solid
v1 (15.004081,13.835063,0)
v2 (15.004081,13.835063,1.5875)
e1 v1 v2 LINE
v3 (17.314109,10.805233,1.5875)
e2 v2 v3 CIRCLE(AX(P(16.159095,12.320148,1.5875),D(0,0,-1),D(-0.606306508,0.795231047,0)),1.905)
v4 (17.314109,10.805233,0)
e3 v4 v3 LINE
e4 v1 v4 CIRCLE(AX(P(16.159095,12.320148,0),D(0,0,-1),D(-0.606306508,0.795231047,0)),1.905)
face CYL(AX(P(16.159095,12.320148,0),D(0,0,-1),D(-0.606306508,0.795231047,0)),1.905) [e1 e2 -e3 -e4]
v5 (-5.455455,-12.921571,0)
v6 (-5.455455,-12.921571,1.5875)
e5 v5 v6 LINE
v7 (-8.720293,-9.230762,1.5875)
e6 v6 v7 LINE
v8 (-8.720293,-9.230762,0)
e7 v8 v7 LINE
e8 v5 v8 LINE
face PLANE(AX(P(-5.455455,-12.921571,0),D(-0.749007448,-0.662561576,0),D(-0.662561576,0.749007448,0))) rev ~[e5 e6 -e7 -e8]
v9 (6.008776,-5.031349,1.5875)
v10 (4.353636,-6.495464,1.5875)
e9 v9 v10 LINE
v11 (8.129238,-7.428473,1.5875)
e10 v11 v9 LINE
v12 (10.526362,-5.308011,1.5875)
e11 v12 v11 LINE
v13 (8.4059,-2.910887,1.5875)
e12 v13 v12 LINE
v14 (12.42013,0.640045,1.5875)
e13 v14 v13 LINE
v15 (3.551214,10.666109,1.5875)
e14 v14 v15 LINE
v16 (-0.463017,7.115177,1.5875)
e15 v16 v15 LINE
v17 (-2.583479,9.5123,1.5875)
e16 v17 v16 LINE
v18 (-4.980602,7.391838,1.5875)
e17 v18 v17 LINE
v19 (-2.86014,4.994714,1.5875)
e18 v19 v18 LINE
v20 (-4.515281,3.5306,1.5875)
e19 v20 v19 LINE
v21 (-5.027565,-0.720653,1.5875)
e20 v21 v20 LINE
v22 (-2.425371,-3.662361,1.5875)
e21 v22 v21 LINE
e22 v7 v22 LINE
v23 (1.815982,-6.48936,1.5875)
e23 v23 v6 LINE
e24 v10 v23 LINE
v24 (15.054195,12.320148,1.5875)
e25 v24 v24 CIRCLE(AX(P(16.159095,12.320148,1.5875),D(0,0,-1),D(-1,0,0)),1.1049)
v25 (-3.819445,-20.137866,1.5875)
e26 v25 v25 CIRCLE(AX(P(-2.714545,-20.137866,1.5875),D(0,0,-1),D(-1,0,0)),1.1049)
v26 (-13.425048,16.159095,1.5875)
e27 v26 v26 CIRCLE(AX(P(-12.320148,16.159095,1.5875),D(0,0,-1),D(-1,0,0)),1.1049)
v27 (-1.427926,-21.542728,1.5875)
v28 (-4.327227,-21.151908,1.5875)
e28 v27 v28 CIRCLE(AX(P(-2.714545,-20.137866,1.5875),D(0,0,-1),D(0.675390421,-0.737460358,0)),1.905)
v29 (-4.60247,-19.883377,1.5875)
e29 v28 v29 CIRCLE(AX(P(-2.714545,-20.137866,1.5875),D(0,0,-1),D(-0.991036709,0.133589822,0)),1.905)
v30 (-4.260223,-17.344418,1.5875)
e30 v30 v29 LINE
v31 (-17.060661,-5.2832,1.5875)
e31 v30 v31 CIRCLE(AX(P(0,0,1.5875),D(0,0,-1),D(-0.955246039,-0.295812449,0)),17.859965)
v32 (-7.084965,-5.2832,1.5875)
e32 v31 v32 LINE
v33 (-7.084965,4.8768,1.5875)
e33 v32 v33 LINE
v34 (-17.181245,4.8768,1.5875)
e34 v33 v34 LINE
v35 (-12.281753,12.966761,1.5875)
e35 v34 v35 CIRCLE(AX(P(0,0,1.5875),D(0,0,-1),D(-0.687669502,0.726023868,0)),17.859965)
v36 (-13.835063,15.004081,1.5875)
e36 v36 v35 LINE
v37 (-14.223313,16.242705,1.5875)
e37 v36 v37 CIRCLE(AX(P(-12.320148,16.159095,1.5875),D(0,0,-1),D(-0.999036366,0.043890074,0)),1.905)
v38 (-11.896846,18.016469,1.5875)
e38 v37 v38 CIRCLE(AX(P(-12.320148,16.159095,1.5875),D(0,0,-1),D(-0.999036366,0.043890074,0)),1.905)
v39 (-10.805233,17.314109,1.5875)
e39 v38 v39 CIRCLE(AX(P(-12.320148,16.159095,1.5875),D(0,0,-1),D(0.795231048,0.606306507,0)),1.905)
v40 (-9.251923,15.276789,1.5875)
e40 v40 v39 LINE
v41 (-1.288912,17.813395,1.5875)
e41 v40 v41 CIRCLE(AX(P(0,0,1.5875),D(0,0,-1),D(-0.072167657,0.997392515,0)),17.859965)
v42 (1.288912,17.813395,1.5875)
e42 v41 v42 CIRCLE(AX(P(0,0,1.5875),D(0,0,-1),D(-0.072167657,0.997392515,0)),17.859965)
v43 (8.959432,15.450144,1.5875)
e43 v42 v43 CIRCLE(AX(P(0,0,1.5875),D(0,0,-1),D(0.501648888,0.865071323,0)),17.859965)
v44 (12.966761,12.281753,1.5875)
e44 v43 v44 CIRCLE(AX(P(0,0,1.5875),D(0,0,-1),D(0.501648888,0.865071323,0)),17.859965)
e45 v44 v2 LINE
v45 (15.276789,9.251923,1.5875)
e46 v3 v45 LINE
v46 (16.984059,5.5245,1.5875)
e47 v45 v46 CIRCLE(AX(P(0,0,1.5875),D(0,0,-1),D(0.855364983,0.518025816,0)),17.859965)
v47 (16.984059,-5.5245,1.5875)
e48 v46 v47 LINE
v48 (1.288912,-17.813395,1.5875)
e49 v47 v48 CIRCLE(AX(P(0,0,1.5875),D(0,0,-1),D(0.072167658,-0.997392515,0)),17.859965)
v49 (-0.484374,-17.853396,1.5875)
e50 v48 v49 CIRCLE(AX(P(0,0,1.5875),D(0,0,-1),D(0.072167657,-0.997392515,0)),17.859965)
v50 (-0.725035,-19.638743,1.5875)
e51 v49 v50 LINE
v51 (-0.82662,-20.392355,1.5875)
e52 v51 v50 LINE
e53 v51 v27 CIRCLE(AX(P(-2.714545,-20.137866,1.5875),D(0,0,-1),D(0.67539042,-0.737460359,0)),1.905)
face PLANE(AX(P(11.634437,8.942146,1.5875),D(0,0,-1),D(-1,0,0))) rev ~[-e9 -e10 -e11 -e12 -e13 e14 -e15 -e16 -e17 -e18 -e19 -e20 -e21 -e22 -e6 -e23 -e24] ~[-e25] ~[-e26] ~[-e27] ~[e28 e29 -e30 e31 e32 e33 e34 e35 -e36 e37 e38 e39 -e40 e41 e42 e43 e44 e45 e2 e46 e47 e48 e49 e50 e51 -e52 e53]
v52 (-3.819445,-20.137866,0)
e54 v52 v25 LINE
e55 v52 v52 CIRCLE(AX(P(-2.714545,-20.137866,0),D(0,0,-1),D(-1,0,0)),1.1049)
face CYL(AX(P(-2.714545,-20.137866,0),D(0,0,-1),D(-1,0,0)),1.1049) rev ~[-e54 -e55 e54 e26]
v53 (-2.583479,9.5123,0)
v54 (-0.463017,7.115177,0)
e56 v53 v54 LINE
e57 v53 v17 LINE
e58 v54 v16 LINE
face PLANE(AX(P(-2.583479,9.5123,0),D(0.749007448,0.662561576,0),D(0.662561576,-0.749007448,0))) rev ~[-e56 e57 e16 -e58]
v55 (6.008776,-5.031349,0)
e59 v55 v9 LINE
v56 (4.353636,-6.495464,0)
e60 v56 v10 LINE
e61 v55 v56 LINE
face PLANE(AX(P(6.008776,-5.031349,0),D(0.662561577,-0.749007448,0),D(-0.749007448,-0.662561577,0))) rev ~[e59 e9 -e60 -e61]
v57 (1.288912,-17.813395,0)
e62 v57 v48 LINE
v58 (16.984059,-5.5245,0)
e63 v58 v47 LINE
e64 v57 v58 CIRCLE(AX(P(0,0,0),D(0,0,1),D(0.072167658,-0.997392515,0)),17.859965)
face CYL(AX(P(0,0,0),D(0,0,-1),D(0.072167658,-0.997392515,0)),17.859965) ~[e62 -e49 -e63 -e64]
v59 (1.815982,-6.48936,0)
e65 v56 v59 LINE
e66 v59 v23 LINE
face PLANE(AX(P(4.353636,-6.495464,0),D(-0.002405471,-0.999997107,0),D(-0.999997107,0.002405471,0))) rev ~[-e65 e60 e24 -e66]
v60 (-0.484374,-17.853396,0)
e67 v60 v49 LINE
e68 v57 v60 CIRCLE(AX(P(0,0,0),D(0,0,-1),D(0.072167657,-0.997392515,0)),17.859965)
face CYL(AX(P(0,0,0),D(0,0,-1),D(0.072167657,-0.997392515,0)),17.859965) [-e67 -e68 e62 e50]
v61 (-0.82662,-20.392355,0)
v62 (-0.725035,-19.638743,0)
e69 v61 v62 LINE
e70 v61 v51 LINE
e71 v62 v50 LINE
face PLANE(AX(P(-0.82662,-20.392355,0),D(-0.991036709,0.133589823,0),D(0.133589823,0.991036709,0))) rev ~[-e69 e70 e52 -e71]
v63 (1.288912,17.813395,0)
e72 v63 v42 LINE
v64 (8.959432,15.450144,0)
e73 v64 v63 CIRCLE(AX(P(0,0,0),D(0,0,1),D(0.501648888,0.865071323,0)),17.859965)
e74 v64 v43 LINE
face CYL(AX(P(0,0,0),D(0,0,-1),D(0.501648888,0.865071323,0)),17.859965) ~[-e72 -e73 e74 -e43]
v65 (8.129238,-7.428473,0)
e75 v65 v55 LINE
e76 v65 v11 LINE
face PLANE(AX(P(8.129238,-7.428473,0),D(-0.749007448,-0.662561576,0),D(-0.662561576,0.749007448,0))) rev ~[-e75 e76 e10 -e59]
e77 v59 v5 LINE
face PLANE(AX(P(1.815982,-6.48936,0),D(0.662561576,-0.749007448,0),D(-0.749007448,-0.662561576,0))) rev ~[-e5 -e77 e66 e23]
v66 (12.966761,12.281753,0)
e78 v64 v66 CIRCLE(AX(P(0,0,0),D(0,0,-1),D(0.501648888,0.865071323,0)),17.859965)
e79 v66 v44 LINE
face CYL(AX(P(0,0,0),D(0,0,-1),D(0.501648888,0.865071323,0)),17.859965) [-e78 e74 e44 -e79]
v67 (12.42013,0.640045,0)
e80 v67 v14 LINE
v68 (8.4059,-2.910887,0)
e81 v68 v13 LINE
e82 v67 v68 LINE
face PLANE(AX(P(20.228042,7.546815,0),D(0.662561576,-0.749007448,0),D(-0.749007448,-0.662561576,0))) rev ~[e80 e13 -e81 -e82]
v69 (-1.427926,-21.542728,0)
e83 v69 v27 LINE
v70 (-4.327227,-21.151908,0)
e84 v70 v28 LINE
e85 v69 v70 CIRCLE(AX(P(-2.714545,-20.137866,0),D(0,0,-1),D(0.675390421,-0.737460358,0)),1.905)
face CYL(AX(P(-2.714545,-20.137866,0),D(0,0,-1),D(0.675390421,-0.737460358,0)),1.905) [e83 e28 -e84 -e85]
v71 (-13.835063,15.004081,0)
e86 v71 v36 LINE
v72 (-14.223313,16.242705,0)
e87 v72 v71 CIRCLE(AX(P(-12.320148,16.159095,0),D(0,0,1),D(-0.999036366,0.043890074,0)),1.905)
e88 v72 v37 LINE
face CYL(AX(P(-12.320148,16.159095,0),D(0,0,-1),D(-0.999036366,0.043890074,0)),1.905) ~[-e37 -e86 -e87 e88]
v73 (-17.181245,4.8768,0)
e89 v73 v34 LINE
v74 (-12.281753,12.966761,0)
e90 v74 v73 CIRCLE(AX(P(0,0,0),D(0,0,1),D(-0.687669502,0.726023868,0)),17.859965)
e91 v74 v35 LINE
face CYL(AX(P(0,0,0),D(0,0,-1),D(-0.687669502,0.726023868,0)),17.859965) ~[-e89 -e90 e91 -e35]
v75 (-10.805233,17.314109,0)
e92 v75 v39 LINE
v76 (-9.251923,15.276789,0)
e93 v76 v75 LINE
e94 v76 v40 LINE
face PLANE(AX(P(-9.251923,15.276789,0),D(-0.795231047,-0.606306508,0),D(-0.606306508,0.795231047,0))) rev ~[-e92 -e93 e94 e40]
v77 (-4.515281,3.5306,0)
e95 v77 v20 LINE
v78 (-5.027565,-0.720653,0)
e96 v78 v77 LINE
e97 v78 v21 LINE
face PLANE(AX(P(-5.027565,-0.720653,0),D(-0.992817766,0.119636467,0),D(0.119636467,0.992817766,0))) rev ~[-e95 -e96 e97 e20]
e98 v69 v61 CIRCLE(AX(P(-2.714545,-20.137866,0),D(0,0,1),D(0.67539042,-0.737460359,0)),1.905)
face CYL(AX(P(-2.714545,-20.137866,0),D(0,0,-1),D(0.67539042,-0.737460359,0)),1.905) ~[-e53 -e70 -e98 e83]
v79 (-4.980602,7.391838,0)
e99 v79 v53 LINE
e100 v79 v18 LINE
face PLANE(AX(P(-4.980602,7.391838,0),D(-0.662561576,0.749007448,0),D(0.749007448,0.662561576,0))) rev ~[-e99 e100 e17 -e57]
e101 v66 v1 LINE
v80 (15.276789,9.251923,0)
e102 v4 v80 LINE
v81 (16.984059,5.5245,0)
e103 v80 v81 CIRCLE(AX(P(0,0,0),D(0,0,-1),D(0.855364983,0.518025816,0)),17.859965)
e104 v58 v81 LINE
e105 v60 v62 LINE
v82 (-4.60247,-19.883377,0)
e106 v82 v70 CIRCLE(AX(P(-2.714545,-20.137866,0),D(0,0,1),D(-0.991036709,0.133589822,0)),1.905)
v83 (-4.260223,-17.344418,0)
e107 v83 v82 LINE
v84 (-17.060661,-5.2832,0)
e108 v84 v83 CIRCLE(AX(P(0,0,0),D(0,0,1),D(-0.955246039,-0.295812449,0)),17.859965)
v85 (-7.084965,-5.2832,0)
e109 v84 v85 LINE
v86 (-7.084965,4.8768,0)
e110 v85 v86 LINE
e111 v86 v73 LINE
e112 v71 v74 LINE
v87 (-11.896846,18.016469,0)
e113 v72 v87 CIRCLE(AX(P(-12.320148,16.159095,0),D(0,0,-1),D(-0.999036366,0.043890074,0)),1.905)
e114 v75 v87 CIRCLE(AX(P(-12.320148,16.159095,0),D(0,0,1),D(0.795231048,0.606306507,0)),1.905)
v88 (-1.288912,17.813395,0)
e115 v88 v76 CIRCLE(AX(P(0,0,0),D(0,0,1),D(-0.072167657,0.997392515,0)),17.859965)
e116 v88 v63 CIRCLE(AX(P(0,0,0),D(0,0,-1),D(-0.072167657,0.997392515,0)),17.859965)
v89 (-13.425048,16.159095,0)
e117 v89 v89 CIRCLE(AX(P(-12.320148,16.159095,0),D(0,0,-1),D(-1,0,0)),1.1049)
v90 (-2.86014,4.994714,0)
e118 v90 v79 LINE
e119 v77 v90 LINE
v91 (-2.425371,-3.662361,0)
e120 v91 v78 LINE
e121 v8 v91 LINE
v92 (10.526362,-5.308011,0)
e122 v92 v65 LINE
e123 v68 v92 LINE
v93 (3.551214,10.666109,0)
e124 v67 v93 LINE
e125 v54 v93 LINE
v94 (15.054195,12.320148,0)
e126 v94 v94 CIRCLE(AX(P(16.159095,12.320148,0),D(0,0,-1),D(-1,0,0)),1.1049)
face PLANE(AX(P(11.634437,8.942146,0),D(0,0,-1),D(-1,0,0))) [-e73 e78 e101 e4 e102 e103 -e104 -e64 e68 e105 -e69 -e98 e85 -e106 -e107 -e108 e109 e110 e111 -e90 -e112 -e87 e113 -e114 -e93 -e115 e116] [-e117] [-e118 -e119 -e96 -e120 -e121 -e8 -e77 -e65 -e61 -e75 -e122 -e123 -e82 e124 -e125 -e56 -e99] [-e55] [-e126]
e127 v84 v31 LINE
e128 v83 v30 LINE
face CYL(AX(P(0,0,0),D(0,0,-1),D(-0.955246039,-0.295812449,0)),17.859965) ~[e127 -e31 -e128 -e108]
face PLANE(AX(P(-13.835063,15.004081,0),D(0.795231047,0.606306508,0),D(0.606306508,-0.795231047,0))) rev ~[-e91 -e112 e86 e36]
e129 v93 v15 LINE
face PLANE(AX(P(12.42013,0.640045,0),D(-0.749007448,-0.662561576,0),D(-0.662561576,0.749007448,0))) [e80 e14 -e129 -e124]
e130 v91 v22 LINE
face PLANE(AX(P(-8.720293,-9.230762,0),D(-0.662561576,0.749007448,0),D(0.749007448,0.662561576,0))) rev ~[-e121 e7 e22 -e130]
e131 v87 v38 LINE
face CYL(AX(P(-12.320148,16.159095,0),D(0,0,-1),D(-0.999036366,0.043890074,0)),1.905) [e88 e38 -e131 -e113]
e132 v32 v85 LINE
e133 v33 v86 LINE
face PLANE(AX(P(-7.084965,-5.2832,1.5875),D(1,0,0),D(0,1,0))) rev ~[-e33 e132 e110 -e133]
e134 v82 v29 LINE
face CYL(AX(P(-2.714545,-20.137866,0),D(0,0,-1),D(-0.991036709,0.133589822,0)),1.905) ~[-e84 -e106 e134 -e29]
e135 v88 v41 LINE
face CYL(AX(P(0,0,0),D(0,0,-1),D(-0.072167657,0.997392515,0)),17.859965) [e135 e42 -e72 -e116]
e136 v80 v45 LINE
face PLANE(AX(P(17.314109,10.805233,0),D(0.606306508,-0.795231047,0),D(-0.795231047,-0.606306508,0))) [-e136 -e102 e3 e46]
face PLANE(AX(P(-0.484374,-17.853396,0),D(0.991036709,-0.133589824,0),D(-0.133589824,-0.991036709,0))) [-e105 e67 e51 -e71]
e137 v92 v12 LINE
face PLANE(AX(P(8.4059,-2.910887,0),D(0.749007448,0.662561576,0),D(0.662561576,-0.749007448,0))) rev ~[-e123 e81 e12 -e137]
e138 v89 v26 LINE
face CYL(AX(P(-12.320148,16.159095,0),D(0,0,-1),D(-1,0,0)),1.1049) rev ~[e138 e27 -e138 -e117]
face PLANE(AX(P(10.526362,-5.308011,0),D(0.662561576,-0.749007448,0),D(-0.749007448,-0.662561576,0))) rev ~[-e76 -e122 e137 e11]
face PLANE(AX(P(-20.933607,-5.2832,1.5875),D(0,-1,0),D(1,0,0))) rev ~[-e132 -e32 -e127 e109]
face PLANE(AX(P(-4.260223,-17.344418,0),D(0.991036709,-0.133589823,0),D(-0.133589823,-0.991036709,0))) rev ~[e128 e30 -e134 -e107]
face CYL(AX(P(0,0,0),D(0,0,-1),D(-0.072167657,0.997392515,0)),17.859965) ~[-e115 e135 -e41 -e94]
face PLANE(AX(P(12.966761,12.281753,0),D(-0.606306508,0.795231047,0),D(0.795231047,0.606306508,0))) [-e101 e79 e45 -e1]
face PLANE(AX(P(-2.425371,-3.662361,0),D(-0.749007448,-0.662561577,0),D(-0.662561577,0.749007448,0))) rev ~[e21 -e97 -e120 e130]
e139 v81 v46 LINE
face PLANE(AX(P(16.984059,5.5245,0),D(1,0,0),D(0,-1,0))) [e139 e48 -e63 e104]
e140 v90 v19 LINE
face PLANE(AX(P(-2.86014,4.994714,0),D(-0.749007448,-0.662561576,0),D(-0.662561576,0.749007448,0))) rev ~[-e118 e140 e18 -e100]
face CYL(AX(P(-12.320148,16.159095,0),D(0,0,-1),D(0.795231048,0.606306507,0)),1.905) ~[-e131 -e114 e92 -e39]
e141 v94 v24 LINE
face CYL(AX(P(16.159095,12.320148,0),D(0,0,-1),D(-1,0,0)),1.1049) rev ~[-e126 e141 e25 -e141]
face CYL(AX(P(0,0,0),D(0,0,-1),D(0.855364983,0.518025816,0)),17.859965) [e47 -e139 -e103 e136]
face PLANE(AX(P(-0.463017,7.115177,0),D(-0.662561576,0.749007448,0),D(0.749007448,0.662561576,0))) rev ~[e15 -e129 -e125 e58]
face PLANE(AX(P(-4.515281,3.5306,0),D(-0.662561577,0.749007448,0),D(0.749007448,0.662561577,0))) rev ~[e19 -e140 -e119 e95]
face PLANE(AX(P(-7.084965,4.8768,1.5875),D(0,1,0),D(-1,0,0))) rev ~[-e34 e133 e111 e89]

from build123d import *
from build123d.topology import SkipClean

# Parameters (mm, degrees)
SKETCH1_R           = 1.4224
BOSS_EXTRUDE1_DEPTH = 1.5875
CUT_EXTRUDE3_DEPTH  = 31.574112518
CUT_EXTRUDE4_DEPTH  = 31.574112518
SKETCH4_R           = 1.1049
BOSS_EXTRUDE2_DEPTH = 1.5875
SKETCH4_3_R         = 1.1049
CUT_EXTRUDE5_DEPTH  = 2.54


with BuildPart() as part:
    # Sketch1 → Boss-Extrude1 (new body)
    with BuildSketch(Plane.XY):
        with BuildLine():
            Line((-5.027565338, -0.720652536), (-4.515281158, 3.5306))
            Line((-4.515281158, 3.5306), (-2.860140414, 4.994714494))
            Line((-2.860140414, 4.994714494), (-4.980602482, 7.391837931))
            Line((-4.980602482, 7.391837931), (-2.583479045, 9.5123))
            Line((-2.583479045, 9.5123), (-0.463016976, 7.115176563))
            Line((-0.463016976, 7.115176563), (11.876076152, 18.030166811))
            ThreePointArc((11.876076152, 18.030166811), (-16.886200405, -13.453041882), (20.228041911, 7.546815251))
            Line((20.228041911, 7.546815251), (8.405899773, -2.910887338))
            Line((8.405899773, -2.910887338), (10.526361842, -5.308010776))
            Line((10.526361842, -5.308010776), (8.129238404, -7.428472845))
            Line((8.129238404, -7.428472845), (6.008776335, -5.031349407))
            Line((6.008776335, -5.031349407), (4.353635591, -6.495463901))
            Line((4.353635591, -6.495463901), (1.815981702, -6.489359631))
            Line((1.815981702, -6.489359631), (-5.455454601, -12.9215711))
            Line((-5.455454601, -12.9215711), (-8.720293025, -9.230761998))
            Line((-8.720293025, -9.230761998), (-2.425370717, -3.662361234))
            Line((-2.425370717, -3.662361234), (-5.027565338, -0.720652536))
        make_face()
        with Locations((0, 18.415)):
            Circle(SKETCH1_R, mode=Mode.SUBTRACT)
        with Locations((0, -18.415)):
            Circle(SKETCH1_R, mode=Mode.SUBTRACT)
    extrude(amount=BOSS_EXTRUDE1_DEPTH)

    # Sketch2 → Cut-Extrude3 (cut, through all)
    with BuildSketch(Plane.XY.offset(1.5875)):
        with BuildLine():
            Line((-7.084965338, 4.8768), (-21.031997569, 4.8768))
            ThreePointArc((-21.031997569, 4.8768), (-21.588987692, -0.209070373), (-20.933606898, -5.2832))
            Line((-20.933606898, -5.2832), (-7.084965338, -5.2832))
            Line((-7.084965338, -5.2832), (-7.084965338, 4.8768))
        make_face()
    extrude(amount=-CUT_EXTRUDE3_DEPTH, mode=Mode.SUBTRACT)

    # Sketch3 → Cut-Extrude4 (cut, through all)
    with BuildSketch(Plane(origin=(0, 0, 0), x_dir=(-1, 0, 0), z_dir=(0, 0, -1))):
        with BuildLine():
            Line((-20.871224203, -5.5245), (-16.984058744, -5.5245))
            Line((-16.984058744, -5.5245), (-16.984058744, 4.677232838))
            Line((-16.984058744, 4.677232838), (-20.228041911, 7.546815251))
            ThreePointArc((-20.228041911, 7.546815251), (-21.563910577, 1.061065789), (-20.871224203, -5.5245))
        make_face()
    extrude(amount=-CUT_EXTRUDE4_DEPTH, mode=Mode.SUBTRACT)

    # Sketch4 → Boss-Extrude2 (add)
    # profile 1 of 5: a face of its own
    with BuildSketch(Plane(origin=(0, 0, 0), x_dir=(-1, 0, 0), z_dir=(0, 0, -1))):
        with BuildLine():
            Line((-16.984058744, 5.5245), (-16.984058744, 4.677232838))
            Line((-16.984058744, 4.677232838), (-12.420130291, 0.640045174))
            Line((-12.420130291, 0.640045174), (-3.551213542, 10.666109075))
            Line((-3.551213542, 10.666109075), (-8.959431605, 15.450143591))
            ThreePointArc((-8.959431605, 15.450143591), (-11.076965007, 14.009967805), (-12.966760902, 12.28175327))
            Line((-12.966760902, 12.28175327), (-15.004080987, 13.83506338))
            ThreePointArc((-15.004080987, 13.83506338), (-17.674010029, 13.475162132), (-17.314108781, 10.80523309))
            Line((-17.314108781, 10.80523309), (-15.276788696, 9.25192298))
            ThreePointArc((-15.276788696, 9.25192298), (-16.237733521, 7.437362555), (-16.984058744, 5.5245))
        make_face()
        with Locations((-16.159094884, 12.320148235)):
            Circle(SKETCH4_R, mode=Mode.SUBTRACT)
    # profile 2 of 5: a face of its own
    with BuildSketch(Plane(origin=(0, 0, 0), x_dir=(-1, 0, 0), z_dir=(0, 0, -1))):
        with BuildLine():
            ThreePointArc((-1.288911844, -17.813395463), (-0.402766027, -17.855423019), (0.484373541, -17.853395586))
            Line((0.484373541, -17.853395586), (0.725034865, -19.638742704))
            ThreePointArc((0.725034865, -19.638742704), (0.955229003, -17.361074333), (-1.288911844, -17.813395463))
        make_face()
    # profile 3 of 5: a face of its own
    with BuildSketch(Plane(origin=(0, 0, 0), x_dir=(-1, 0, 0), z_dir=(0, 0, -1))):
        with BuildLine():
            ThreePointArc((4.327227494, -21.151907768), (2.884204284, -21.396482553), (1.427926458, -21.542727915))
            ThreePointArc((1.427926458, -21.542727915), (2.969033821, -22.025790864), (4.327227494, -21.151907768))
        make_face()
    # profile 4 of 5: a face of its own
    with BuildSketch(Plane(origin=(0, 0, 0), x_dir=(-1, 0, 0), z_dir=(0, 0, -1))):
        with BuildLine():
            ThreePointArc((1.288911844, 17.813395463), (0, 17.859965052), (-1.288911844, 17.813395463))
            ThreePointArc((-1.288911844, 17.813395463), (0, 16.9926), (1.288911844, 17.813395463))
        make_face()
    # profile 5 of 5: a face of its own
    with BuildSketch(Plane(origin=(0, 0, 0), x_dir=(-1, 0, 0), z_dir=(0, 0, -1))):
        with BuildLine():
            ThreePointArc((14.223312513, 16.242705475), (13.475162132, 17.674010029), (11.896845513, 18.016469323))
            ThreePointArc((11.896845513, 18.016469323), (13.0901575, 17.169038314), (14.223312513, 16.242705475))
        make_face()
    extrude(amount=-BOSS_EXTRUDE2_DEPTH)

    # Sketch4<3> → Cut-Extrude5 (cut)
    with SkipClean():  # the faces are left unmerged after this step: merging them gives an invalid solid
        with BuildSketch(Plane(origin=(0, 0, 0), x_dir=(-1, 0, 0), z_dir=(0, 0, -1))):
            with BuildLine():
                ThreePointArc((-20.871224203, -5.5245), (-12.595886757, -17.534872021), (1.427926458, -21.542727915))
                ThreePointArc((1.427926458, -21.542727915), (1.026270462, -21.020335978), (0.826620277, -20.392354546))
                Line((0.826620277, -20.392354546), (0.725034865, -19.638742704))
                ThreePointArc((0.725034865, -19.638742704), (-0.955229003, -19.468925667), (-1.288911844, -17.813395463))
                ThreePointArc((-1.288911844, -17.813395463), (-11.010431484, -14.062316673), (-16.984058744, -5.5245))
                Line((-16.984058744, -5.5245), (-20.871224203, -5.5245))
            make_face()
            with BuildLine():
                ThreePointArc((4.602470139, -19.883377319), (4.576225926, -20.541808877), (4.327227494, -21.151907768))
                ThreePointArc((4.327227494, -21.151907768), (14.915810742, -15.609186074), (20.933606898, -5.2832))
                Line((20.933606898, -5.2832), (17.060660873, -5.2832))
                ThreePointArc((17.060660873, -5.2832), (12.247990597, -12.998656777), (4.260223404, -17.344418359))
                Line((4.260223404, -17.344418359), (4.602470139, -19.883377319))
            make_face()
            with BuildLine():
                Line((-11.876076152, 18.030166811), (-8.959431605, 15.450143591))
                ThreePointArc((-8.959431605, 15.450143591), (-5.258647708, 17.068244665), (-1.288911844, 17.813395463))
                ThreePointArc((-1.288911844, 17.813395463), (0, 19.8374), (1.288911844, 17.813395463))
                ThreePointArc((1.288911844, 17.813395463), (5.420875683, 17.017416329), (9.25192298, 15.276788696))
                Line((9.25192298, 15.276788696), (10.80523309, 17.314108781))
                ThreePointArc((10.80523309, 17.314108781), (11.28937197, 17.76113274), (11.896845513, 18.016469323))
                ThreePointArc((11.896845513, 18.016469323), (0.01243973, 21.589996416), (-11.876076152, 18.030166811))
            make_face()
            with BuildLine():
                Line((13.83506338, 15.004080987), (12.28175327, 12.966760902))
                ThreePointArc((12.28175327, 12.966760902), (15.276744775, 9.251995502), (17.181244816, 4.8768))
                Line((17.181244816, 4.8768), (21.031997569, 4.8768))
                ThreePointArc((21.031997569, 4.8768), (18.521073783, 11.09495047), (14.223312513, 16.242705475))
                ThreePointArc((14.223312513, 16.242705475), (14.13793931, 15.589304916), (13.83506338, 15.004080987))
            make_face()
            with Locations((12.320148235, 16.159094884)):
                Circle(SKETCH4_3_R)
            with Locations((2.714545208, -20.137865932)):
                Circle(SKETCH4_3_R)
        extrude(amount=-CUT_EXTRUDE5_DEPTH, mode=Mode.SUBTRACT)


solid = part.part
